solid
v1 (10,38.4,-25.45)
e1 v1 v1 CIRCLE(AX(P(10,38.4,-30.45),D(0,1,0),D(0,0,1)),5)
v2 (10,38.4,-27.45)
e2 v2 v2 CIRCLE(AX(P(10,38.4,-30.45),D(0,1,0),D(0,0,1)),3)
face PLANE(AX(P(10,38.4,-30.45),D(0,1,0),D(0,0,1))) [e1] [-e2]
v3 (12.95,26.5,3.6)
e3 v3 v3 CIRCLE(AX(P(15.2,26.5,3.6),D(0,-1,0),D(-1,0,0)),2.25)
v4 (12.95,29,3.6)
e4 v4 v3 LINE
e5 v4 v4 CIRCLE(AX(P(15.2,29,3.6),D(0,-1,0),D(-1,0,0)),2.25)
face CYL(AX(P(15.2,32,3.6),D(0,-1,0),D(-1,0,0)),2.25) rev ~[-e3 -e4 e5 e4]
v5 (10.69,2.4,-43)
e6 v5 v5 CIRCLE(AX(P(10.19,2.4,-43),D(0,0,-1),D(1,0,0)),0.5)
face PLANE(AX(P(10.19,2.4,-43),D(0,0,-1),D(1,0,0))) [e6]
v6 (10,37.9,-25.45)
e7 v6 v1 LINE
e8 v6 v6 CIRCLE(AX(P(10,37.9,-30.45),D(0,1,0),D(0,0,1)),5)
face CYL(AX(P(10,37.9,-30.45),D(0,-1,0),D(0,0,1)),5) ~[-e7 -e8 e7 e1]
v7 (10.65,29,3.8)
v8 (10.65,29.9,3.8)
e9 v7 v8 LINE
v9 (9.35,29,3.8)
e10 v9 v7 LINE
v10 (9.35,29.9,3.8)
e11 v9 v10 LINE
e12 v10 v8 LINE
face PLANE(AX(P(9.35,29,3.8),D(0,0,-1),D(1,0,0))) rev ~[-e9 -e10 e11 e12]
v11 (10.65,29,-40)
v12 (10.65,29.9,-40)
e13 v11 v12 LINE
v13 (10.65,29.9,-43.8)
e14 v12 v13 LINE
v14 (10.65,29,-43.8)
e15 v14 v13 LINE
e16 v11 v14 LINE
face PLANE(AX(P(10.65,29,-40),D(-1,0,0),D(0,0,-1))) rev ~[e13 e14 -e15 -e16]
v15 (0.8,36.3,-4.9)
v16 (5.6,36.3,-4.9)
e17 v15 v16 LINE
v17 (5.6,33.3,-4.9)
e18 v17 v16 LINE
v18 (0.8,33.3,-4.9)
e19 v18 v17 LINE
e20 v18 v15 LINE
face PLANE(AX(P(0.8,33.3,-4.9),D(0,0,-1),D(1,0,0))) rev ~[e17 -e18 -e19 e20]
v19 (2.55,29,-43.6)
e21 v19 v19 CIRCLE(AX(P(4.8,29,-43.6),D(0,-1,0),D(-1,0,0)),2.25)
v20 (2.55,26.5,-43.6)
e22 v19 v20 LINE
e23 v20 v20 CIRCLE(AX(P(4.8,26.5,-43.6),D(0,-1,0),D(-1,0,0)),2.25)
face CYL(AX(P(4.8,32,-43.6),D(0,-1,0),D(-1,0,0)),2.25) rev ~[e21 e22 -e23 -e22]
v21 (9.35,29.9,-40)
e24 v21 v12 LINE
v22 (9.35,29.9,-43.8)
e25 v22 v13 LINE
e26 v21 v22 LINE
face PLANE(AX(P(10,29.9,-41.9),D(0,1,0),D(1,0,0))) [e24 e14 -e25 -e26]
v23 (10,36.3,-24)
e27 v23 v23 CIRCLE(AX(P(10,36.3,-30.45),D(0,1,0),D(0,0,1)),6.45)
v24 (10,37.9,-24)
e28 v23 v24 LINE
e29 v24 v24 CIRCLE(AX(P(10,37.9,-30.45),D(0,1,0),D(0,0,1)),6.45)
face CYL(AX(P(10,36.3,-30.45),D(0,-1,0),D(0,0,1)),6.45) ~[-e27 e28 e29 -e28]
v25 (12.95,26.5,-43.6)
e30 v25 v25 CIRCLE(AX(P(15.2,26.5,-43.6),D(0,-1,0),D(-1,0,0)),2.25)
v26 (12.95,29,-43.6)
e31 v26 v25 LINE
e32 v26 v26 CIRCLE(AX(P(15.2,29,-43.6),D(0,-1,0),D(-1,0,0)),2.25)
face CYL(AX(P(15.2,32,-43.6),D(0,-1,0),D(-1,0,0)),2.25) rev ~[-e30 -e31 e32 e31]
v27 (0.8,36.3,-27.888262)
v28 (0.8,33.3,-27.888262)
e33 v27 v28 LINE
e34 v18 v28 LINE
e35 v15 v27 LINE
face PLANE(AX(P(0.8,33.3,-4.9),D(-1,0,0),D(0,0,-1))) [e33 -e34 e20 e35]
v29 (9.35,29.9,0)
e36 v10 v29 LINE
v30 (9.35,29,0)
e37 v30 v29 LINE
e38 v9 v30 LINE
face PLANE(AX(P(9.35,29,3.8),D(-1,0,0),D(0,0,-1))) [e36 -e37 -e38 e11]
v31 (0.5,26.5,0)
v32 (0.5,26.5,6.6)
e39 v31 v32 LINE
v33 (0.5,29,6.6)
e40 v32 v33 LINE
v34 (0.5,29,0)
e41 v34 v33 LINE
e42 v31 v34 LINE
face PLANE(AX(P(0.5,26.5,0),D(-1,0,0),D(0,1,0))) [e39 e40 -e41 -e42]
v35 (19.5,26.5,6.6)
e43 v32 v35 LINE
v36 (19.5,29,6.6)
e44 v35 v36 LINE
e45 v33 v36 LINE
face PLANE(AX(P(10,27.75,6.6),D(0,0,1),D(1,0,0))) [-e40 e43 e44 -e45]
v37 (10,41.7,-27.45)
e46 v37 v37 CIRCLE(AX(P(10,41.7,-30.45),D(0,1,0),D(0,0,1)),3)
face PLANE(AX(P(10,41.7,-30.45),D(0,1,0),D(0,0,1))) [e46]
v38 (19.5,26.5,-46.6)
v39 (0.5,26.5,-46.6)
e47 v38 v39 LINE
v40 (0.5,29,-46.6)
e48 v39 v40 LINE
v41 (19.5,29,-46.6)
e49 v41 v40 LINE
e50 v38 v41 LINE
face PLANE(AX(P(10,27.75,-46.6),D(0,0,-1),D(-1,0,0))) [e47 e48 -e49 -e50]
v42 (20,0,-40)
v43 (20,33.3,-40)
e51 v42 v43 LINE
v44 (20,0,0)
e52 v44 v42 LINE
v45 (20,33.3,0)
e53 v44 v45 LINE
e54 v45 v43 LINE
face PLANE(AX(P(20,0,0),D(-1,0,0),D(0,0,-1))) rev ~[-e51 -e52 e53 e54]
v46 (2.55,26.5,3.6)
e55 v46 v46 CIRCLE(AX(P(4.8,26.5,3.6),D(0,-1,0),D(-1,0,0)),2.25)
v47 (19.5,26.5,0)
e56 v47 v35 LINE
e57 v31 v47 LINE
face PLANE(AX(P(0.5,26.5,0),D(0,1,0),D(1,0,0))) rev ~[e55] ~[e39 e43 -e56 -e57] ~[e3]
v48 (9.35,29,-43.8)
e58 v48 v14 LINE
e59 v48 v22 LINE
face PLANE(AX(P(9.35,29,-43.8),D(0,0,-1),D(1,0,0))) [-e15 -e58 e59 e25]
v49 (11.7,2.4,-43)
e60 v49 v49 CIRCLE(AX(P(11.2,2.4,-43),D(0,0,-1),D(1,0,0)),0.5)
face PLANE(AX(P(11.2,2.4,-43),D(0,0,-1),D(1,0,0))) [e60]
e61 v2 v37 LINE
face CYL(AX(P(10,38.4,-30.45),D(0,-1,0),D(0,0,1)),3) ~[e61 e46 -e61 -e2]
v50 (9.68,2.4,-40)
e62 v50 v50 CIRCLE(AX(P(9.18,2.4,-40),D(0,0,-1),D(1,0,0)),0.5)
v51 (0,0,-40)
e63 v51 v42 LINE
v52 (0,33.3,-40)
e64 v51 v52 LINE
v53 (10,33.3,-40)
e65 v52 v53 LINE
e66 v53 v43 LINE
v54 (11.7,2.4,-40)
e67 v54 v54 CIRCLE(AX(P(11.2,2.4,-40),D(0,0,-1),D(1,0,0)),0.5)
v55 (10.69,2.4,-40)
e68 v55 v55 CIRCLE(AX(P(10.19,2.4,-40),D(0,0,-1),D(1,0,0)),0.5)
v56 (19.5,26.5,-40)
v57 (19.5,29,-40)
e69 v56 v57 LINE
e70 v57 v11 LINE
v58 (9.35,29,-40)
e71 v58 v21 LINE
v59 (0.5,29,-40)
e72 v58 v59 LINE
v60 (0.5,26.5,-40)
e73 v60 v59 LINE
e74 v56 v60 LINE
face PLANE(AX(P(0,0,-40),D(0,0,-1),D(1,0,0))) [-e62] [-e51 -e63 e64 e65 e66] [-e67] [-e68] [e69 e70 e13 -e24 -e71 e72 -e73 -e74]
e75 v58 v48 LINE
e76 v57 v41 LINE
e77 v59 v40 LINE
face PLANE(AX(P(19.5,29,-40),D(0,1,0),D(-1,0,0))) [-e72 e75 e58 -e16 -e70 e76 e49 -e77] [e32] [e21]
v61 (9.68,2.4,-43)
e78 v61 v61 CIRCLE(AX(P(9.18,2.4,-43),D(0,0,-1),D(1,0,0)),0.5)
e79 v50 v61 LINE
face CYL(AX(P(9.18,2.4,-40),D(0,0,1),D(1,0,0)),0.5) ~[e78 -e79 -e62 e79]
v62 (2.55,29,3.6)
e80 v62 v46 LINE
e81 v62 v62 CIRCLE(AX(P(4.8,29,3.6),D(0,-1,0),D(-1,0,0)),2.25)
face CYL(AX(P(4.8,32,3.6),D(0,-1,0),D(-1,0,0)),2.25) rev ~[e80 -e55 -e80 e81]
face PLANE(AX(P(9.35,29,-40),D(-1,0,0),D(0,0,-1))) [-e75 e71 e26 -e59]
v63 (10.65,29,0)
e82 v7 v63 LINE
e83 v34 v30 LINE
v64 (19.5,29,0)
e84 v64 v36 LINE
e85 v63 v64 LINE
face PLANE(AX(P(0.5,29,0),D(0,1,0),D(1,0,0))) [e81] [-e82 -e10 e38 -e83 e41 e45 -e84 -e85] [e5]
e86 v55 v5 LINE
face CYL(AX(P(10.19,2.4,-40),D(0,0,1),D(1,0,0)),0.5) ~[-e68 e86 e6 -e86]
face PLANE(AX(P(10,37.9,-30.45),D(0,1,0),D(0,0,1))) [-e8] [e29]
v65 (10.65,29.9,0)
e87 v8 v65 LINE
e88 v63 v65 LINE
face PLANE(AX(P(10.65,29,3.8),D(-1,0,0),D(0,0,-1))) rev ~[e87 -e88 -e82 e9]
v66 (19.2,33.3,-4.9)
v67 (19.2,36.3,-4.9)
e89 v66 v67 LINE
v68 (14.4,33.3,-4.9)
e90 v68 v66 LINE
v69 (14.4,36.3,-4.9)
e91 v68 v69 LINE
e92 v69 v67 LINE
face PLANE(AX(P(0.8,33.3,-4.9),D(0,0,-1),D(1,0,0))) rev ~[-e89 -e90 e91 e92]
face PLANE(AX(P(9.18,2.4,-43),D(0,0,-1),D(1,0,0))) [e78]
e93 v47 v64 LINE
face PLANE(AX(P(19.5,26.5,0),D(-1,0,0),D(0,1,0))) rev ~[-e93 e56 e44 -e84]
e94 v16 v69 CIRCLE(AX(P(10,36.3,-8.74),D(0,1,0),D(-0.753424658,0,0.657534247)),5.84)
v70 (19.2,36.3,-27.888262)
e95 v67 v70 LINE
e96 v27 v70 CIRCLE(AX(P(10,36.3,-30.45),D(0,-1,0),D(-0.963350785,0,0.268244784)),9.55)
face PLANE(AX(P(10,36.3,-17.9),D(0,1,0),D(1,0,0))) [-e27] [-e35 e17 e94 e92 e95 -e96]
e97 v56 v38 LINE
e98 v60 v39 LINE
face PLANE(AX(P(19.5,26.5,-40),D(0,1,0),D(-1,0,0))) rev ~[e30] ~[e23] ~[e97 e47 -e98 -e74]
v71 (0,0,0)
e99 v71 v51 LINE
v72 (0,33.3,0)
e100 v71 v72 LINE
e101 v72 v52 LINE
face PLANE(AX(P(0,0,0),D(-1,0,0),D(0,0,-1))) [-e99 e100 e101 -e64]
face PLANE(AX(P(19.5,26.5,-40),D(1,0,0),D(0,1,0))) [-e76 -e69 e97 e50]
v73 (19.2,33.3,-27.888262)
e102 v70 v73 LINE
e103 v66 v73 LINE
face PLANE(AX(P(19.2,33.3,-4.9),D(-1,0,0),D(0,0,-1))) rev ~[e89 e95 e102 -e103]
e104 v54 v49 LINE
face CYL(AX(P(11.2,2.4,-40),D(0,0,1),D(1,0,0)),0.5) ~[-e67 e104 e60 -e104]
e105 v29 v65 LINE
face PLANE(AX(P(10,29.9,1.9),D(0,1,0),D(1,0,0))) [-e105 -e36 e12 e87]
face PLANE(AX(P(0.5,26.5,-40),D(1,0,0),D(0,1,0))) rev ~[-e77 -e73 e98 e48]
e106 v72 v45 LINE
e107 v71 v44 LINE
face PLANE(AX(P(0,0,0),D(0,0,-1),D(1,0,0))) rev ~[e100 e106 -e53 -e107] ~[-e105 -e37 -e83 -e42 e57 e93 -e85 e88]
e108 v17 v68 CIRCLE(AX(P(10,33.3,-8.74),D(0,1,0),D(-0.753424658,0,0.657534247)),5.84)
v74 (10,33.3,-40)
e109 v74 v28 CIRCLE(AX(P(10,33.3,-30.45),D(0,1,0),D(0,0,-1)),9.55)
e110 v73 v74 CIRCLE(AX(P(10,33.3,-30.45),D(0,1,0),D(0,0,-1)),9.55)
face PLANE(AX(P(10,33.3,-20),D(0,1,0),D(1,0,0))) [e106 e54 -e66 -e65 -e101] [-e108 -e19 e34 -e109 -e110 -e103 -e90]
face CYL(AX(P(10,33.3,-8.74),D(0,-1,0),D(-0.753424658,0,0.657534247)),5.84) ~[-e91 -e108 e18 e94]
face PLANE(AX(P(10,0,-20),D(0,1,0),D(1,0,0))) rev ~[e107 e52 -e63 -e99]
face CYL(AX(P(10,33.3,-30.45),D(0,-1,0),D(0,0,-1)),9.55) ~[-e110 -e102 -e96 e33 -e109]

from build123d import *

# Parameters (mm, degrees)
SKETCH1_W                = 20
SKETCH1_H                = 40
BOSS_EXTRUDE1_DEPTH      = 33.3
SKETCH2_W                = 19
SKETCH2_H                = 2.5
BOSS_EXTRUDE2_DEPTH      = 6.6
SKETCH3_W                = 19
SKETCH3_H                = 2.5
BOSS_EXTRUDE3_DEPTH      = 6.6
SKETCH4_R                = 9.55
BOSS_EXTRUDE4_DEPTH      = 3
SKETCH12_W               = 18.4
SKETCH12_H               = 26
BOSS_EXTRUDE10_DEPTH     = 3
SKETCH11_R               = 0.5
BOSS_EXTRUDE9_DEPTH      = 3
LPATTERN2_COUNT          = 3
LPATTERN2_PITCH          = 1.01
SKETCH13_R               = 6.45
BOSS_EXTRUDE11_DEPTH     = 1.6
SKETCH14_R               = 5
BOSS_EXTRUDE12_DEPTH     = 0.5
SKETCH15_R               = 3
BOSS_EXTRUDE13_DEPTH     = 3.3
BOSS_EXTRUDE14_DEPTH     = 3
SKETCH17_W               = 1.3
SKETCH17_H               = 3.8
BOSS_EXTRUDE15_DEPTH     = 0.9
SKETCH18_W               = 1.3
SKETCH18_H               = 3.8
BOSS_EXTRUDE16_DEPTH     = 0.9
M4_CLEARANCE_HOLE1_D     = 4.5
M4_CLEARANCE_HOLE1_DEPTH = 3
M4_CLEARANCE_HOLE1_TIP   = 1.351936393


with BuildPart() as part:
    # Sketch1 → Boss-Extrude1 (new body)
    with BuildSketch(Plane(origin=(0, 0, 0), x_dir=(1, 0, 0), z_dir=(0, 1, 0))):
        with Locations((10, 20)):
            Rectangle(SKETCH1_W, SKETCH1_H)
    extrude(amount=BOSS_EXTRUDE1_DEPTH)

    # Sketch2 → Boss-Extrude2 (add)
    with BuildSketch(Plane.XY):
        with Locations((10, 27.75)):
            Rectangle(SKETCH2_W, SKETCH2_H)
    extrude(amount=BOSS_EXTRUDE2_DEPTH)

    # Sketch3 → Boss-Extrude3 (add)
    with BuildSketch(Plane(origin=(0, 0, -40), x_dir=(-1, 0, 0), z_dir=(0, 0, -1))):
        with Locations((-10, 27.75)):
            Rectangle(SKETCH3_W, SKETCH3_H)
    extrude(amount=BOSS_EXTRUDE3_DEPTH)

    # Sketch4 → Boss-Extrude4 (add)
    with BuildSketch(Plane(origin=(0, 33.3, 0), x_dir=(1, 0, 0), z_dir=(0, 1, 0))):
        with Locations(Location((10, 30.45, 0), (0, 0, 90))):
            Circle(SKETCH4_R)
    extrude(amount=BOSS_EXTRUDE4_DEPTH)

    # Sketch12 → Boss-Extrude10 (add)
    with BuildSketch(Plane(origin=(0, 33.3, 0), x_dir=(1, 0, 0), z_dir=(0, 1, 0))):
        with Locations((10, 17.9)):
            Rectangle(SKETCH12_W, SKETCH12_H)
    extrude(amount=BOSS_EXTRUDE10_DEPTH)

    # Sketch11 → Boss-Extrude9 (add)
    with BuildSketch(Plane(origin=(0, 0, -40), x_dir=(-1, 0, 0), z_dir=(0, 0, -1))):
        with Locations(Location((-11.2, 2.4, 0), (0, 0, 180))):
            Circle(SKETCH11_R)
    boss_extrude9 = extrude(amount=BOSS_EXTRUDE9_DEPTH)

    # LPattern2: Boss-Extrude9 ×3
    with Locations(*[(-i * LPATTERN2_PITCH, 0, 0) for i in range(1, LPATTERN2_COUNT)]):
        add(boss_extrude9)

    # Sketch13 → Boss-Extrude11 (add)
    with BuildSketch(Plane(origin=(0, 36.3, 0), x_dir=(1, 0, 0), z_dir=(0, 1, 0))):
        with Locations(Location((10, 30.45, 0), (0, 0, 270))):
            Circle(SKETCH13_R)
    extrude(amount=BOSS_EXTRUDE11_DEPTH)

    # Sketch14 → Boss-Extrude12 (add)
    with BuildSketch(Plane(origin=(0, 37.9, 0), x_dir=(1, 0, 0), z_dir=(0, 1, 0))):
        with Locations(Location((10, 30.45, 0), (0, 0, 270))):
            Circle(SKETCH14_R)
    extrude(amount=BOSS_EXTRUDE12_DEPTH)

    # Sketch15 → Boss-Extrude13 (add)
    with BuildSketch(Plane(origin=(0, 38.4, 0), x_dir=(1, 0, 0), z_dir=(0, 1, 0))):
        with Locations(Location((10, 30.45, 0), (0, 0, 270))):
            Circle(SKETCH15_R)
    extrude(amount=BOSS_EXTRUDE13_DEPTH)

    # Sketch16 → Boss-Extrude14 (add)
    with BuildSketch(Plane(origin=(0, 33.3, 0), x_dir=(1, 0, 0), z_dir=(0, 1, 0))):
        with BuildLine():
            Line((14.4, 4.9), (5.6, 4.9))
            ThreePointArc((5.6, 4.9), (10, 2.9), (14.4, 4.9))
        make_face()
    extrude(amount=BOSS_EXTRUDE14_DEPTH)

    # Sketch17 → Boss-Extrude15 (add)
    with BuildSketch(Plane(origin=(0, 29, 0), x_dir=(1, 0, 0), z_dir=(0, 1, 0))):
        with Locations((10, -1.9)):
            Rectangle(SKETCH17_W, SKETCH17_H)
    extrude(amount=BOSS_EXTRUDE15_DEPTH)

    # Sketch18 → Boss-Extrude16 (add)
    with BuildSketch(Plane(origin=(0, 29, 0), x_dir=(1, 0, 0), z_dir=(0, 1, 0))):
        with Locations((10, 41.9)):
            Rectangle(SKETCH18_W, SKETCH18_H)
    extrude(amount=BOSS_EXTRUDE16_DEPTH)

    # M4 Clearance Hole1
    with Locations(Plane(origin=(0, 29, 0), x_dir=(1, 0, 0), z_dir=(0, 1, 0))):
        with Locations((4.8, 43.6), (15.2, 43.6), (4.8, -3.6), (15.2, -3.6)):
            Hole(M4_CLEARANCE_HOLE1_D / 2, depth=M4_CLEARANCE_HOLE1_DEPTH)
            with Locations((0, 0, -(M4_CLEARANCE_HOLE1_DEPTH + M4_CLEARANCE_HOLE1_TIP / 2))):  # 118° drill point
                Cone(0, M4_CLEARANCE_HOLE1_D / 2, M4_CLEARANCE_HOLE1_TIP, mode=Mode.SUBTRACT)


solid = part.part
